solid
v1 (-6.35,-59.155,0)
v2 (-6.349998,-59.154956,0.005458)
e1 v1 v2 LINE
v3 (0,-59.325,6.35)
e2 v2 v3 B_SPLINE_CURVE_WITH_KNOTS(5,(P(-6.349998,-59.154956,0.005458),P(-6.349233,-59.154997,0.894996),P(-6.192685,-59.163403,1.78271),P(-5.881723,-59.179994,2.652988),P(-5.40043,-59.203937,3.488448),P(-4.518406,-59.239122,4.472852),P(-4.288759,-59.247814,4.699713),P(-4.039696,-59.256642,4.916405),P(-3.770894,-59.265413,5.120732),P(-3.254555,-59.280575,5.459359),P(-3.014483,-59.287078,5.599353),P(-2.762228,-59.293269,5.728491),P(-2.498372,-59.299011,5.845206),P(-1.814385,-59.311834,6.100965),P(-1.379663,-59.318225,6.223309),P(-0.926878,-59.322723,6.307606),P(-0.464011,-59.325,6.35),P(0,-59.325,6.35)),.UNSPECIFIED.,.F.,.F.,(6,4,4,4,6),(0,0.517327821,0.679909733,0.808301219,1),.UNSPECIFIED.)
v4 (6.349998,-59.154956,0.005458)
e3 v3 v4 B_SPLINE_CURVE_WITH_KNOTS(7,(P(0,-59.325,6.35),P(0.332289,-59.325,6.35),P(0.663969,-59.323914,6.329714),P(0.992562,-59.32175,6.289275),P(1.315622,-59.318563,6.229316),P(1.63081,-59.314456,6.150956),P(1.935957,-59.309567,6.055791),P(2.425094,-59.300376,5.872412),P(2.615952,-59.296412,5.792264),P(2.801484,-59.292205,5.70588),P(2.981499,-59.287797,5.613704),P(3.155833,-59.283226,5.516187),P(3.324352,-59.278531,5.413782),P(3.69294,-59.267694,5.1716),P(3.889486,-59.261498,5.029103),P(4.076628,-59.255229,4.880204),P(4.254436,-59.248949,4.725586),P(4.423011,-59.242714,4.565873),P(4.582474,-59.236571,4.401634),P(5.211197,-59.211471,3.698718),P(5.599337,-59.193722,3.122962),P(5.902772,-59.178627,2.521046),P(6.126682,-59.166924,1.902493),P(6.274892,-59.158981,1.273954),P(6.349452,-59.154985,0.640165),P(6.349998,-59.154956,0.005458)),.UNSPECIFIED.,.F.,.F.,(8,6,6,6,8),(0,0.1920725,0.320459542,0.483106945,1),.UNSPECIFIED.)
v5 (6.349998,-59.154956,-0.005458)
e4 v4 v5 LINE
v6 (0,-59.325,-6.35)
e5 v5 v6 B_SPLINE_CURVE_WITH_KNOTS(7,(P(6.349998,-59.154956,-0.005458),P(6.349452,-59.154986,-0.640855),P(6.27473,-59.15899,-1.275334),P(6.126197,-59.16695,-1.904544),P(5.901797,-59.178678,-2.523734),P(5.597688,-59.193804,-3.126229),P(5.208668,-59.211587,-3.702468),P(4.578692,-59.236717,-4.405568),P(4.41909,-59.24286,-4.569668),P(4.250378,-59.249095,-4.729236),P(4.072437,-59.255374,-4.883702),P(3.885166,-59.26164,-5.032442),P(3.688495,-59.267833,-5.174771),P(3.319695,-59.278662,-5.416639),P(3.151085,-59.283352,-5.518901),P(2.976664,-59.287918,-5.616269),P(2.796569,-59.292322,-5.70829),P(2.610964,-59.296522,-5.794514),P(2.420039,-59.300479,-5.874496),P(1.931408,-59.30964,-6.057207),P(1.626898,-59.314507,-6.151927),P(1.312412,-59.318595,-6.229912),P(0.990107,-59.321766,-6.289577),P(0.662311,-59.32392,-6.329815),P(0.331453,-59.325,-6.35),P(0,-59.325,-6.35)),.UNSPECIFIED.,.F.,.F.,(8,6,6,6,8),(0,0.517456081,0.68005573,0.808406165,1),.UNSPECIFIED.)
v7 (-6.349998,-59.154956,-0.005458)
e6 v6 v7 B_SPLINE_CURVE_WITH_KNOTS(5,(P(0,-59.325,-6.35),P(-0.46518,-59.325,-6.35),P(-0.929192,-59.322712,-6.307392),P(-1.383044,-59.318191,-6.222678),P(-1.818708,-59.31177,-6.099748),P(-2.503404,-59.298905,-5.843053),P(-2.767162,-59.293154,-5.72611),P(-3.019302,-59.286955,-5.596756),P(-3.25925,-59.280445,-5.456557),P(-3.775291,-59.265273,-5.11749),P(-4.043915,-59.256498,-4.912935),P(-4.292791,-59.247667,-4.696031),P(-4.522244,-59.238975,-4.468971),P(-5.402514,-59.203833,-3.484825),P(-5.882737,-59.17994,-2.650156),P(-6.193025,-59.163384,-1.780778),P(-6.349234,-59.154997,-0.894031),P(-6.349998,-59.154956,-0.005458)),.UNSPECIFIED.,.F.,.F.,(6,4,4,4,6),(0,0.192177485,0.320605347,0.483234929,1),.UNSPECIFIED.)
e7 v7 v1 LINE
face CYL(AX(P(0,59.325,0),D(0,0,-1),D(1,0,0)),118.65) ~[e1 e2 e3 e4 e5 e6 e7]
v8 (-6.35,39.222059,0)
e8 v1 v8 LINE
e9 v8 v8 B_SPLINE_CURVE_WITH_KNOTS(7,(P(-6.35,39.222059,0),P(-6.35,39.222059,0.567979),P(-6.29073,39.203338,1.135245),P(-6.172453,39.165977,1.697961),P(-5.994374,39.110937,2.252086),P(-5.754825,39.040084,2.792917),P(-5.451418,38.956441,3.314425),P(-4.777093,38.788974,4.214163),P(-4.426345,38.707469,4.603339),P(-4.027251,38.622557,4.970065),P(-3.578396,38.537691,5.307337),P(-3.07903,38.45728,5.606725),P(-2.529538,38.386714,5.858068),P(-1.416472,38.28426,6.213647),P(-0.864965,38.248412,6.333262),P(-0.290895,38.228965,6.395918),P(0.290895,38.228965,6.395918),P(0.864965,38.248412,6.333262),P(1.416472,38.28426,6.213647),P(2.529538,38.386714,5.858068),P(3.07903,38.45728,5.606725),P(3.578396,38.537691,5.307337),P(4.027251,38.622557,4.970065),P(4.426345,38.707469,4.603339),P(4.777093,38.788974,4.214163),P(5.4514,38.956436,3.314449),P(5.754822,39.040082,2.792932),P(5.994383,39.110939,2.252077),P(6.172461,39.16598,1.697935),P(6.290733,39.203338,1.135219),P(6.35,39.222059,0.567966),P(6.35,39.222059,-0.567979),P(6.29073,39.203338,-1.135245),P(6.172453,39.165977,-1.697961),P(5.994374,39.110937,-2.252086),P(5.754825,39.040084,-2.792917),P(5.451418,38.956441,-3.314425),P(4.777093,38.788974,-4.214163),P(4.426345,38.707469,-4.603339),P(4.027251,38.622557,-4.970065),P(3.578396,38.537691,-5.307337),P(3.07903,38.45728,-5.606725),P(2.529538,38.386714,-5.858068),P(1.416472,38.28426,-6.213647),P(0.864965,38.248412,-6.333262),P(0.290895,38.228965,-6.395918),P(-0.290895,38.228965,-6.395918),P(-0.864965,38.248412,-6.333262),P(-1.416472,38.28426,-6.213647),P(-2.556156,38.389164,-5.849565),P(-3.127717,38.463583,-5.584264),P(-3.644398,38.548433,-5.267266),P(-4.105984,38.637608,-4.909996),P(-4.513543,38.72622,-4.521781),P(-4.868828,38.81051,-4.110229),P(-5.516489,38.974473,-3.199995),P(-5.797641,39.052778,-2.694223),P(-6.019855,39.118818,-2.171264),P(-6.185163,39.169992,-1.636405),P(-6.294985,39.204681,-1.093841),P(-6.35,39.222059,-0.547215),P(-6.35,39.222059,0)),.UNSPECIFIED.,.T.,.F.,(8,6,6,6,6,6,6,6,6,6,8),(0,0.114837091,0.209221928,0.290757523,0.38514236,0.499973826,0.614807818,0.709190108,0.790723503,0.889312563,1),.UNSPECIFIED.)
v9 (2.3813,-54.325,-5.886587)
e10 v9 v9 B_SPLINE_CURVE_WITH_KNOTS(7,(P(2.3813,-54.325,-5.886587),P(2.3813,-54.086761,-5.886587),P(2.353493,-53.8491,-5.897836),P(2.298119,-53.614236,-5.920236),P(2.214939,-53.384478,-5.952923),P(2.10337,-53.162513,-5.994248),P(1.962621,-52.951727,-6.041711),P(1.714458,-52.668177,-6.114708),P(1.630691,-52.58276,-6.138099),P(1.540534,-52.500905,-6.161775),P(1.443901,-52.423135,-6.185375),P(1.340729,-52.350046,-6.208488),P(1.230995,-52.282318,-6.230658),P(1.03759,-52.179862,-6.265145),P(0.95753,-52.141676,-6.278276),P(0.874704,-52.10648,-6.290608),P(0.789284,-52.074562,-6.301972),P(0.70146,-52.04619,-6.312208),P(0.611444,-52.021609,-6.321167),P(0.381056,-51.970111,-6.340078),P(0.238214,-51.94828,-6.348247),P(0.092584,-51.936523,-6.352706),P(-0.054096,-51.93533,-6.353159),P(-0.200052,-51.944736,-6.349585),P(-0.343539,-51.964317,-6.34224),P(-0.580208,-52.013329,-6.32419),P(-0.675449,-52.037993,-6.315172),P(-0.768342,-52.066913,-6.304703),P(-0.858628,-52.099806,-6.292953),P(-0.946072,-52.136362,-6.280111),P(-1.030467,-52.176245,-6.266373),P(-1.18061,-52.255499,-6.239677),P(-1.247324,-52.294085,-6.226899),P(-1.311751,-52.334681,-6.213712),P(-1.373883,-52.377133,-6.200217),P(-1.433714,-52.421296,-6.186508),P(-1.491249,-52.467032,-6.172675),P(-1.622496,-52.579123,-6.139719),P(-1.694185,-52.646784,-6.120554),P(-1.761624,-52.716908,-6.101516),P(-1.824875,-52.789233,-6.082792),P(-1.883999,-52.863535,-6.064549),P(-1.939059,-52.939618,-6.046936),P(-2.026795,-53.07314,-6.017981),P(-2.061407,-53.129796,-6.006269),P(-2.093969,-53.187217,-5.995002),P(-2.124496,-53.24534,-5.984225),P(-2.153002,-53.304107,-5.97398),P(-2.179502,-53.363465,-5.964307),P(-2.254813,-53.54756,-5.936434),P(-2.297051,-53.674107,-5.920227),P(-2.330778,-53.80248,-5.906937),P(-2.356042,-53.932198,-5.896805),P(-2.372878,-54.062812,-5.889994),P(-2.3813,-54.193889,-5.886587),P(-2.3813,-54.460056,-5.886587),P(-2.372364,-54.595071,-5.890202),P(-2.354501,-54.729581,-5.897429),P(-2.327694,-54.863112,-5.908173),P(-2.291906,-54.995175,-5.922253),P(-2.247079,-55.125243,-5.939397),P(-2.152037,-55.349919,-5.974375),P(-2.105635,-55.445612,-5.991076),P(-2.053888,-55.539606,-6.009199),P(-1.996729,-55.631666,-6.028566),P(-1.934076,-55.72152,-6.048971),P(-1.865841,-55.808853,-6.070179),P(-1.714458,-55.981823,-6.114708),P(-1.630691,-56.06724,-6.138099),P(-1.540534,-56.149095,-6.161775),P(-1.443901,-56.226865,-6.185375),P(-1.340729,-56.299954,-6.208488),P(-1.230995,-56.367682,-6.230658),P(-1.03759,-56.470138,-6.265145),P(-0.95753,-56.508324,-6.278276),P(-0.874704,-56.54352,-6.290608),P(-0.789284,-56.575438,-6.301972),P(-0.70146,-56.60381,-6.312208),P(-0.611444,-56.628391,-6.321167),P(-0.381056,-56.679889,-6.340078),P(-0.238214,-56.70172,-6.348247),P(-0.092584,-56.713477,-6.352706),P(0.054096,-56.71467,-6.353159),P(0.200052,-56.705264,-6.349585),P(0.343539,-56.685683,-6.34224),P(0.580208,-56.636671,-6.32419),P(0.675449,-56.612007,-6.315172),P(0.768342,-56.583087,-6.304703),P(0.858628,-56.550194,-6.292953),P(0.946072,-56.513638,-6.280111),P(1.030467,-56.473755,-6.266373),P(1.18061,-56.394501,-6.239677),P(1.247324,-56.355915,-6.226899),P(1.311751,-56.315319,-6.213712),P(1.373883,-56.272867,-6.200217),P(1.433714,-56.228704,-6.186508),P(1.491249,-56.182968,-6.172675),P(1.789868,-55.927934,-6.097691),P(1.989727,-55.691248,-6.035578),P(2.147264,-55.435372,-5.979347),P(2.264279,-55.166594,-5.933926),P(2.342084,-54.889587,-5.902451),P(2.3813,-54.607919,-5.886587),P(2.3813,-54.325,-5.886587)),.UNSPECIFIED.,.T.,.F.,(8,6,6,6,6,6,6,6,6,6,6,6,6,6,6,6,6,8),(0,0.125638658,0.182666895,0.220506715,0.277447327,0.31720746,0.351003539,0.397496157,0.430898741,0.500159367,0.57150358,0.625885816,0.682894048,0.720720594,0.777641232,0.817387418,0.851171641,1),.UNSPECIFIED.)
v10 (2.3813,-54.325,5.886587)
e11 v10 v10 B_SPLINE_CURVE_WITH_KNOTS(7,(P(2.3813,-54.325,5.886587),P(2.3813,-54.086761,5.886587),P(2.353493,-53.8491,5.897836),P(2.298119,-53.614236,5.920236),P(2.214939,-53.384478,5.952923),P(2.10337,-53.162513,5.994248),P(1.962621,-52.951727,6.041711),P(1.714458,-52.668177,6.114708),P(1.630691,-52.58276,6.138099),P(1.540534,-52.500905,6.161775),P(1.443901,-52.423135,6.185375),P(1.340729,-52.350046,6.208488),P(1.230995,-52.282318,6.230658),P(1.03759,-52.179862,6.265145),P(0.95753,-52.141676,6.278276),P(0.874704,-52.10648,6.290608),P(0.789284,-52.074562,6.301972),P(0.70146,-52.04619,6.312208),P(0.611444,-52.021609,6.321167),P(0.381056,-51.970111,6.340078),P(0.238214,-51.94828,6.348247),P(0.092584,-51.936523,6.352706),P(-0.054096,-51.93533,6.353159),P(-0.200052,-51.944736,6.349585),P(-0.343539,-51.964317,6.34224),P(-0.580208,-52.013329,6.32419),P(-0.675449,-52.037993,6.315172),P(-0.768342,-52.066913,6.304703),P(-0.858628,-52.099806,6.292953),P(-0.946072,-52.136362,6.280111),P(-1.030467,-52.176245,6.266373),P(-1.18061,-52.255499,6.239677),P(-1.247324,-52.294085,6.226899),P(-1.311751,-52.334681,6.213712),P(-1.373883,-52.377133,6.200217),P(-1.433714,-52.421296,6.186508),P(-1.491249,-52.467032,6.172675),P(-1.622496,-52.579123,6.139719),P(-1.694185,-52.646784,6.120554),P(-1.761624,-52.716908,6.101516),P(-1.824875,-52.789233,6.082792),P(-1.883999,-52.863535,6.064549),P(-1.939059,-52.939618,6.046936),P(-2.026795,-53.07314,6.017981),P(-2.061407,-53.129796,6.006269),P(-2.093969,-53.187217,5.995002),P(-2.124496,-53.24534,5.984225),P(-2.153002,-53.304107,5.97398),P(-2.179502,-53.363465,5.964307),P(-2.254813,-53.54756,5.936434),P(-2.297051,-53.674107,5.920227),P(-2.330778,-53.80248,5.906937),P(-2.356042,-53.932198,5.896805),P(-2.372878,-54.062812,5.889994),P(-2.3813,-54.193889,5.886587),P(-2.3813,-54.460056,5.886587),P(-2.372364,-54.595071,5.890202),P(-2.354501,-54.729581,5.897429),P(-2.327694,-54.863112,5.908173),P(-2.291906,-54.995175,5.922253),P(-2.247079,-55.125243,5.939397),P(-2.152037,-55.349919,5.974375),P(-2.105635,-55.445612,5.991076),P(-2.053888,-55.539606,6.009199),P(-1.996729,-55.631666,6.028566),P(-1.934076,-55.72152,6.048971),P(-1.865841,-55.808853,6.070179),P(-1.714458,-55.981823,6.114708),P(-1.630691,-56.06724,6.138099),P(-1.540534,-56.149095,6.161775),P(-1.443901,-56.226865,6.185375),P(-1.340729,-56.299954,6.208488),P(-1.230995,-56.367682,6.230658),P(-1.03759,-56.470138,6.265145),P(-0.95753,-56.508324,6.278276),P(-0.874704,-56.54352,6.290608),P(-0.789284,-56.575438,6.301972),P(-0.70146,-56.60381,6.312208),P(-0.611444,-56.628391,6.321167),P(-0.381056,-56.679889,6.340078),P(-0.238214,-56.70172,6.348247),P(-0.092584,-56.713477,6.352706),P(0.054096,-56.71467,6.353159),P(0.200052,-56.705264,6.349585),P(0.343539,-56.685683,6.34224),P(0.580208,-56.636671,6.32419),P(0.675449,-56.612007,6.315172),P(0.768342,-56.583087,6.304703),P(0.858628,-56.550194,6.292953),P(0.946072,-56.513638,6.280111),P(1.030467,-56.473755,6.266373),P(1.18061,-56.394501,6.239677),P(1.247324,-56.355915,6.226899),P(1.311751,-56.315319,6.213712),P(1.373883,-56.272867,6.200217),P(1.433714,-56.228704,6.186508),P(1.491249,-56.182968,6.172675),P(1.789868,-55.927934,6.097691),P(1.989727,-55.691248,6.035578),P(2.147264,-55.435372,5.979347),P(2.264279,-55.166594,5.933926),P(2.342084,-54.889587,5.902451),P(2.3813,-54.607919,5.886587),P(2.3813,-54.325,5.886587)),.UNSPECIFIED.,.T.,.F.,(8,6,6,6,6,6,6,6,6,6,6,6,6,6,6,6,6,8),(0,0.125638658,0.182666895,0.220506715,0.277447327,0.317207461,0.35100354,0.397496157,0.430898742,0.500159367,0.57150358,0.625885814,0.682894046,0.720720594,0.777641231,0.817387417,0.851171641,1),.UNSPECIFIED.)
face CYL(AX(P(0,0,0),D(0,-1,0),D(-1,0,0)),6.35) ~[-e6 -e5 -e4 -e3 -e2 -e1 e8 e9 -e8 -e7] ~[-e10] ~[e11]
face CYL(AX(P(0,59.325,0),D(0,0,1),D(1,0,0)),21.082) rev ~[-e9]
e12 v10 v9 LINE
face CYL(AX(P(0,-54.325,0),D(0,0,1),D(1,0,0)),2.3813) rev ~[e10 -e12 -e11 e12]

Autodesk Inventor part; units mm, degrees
ref_plane "YZ Plane" through (0, 0, 0) normal (1, 0, 0) x (0, 1, 0)
ref_plane "XZ Plane" through (0, 0, 0) normal (0, 1, 0) x (-1, 0, 0)
ref_plane "XY Plane" through (0, 0, 0) normal (0, 0, 1) x (1, 0, 0)
sketch "Sketch2" plane through (0, 0, 0) normal (0, 1, 0) x (-1, 0, 0)
  circle A0 centre (0, 0) radius 6.35
  dimension "d10" = 12.7
extrude "Extrusion2" add sketch "Sketch2" along normal mid plane 118.65
sketch "Sketch3" plane through (0, 0, 0) normal (0, 0, 1) x (1, 0, 0)
  line L0 (6.35, 59.325) -> (-6.35, 59.325) projected
  circle A0 centre (0, 59.325) radius 21.082
  line L1 (-6.35, -59.325) -> (6.35, -59.325) projected
  circle A1 centre (0, -54.325) radius 2.3813
  circle A2 centre (0, 59.325) radius 118.65
  line L2 (-6.35, -59.325) -> (-6.35, -59.155)
  line L3 (-6.35, -59.325) -> (-6.35, 59.325) projected
  line L4 (6.35, -59.325) -> (6.35, -59.155)
  line L5 (6.35, -59.325) -> (6.35, 59.325) projected
  point P0 (0, 0)
  dimension "d13" = 42.164
  dimension "d16" = 4.7625
  dimension "d17" = 5
extrude "Extrusion3" cut sketch "Sketch3" along normal through all both and the other way through all contours L5 A0 L3 L0 | L0 L3 A0 L5 | L4 L1 A2 | A2 L1 L2 | A1
properties part number "Ground_Antenna700mm_SupportArm" material "Nylon 6/6"
